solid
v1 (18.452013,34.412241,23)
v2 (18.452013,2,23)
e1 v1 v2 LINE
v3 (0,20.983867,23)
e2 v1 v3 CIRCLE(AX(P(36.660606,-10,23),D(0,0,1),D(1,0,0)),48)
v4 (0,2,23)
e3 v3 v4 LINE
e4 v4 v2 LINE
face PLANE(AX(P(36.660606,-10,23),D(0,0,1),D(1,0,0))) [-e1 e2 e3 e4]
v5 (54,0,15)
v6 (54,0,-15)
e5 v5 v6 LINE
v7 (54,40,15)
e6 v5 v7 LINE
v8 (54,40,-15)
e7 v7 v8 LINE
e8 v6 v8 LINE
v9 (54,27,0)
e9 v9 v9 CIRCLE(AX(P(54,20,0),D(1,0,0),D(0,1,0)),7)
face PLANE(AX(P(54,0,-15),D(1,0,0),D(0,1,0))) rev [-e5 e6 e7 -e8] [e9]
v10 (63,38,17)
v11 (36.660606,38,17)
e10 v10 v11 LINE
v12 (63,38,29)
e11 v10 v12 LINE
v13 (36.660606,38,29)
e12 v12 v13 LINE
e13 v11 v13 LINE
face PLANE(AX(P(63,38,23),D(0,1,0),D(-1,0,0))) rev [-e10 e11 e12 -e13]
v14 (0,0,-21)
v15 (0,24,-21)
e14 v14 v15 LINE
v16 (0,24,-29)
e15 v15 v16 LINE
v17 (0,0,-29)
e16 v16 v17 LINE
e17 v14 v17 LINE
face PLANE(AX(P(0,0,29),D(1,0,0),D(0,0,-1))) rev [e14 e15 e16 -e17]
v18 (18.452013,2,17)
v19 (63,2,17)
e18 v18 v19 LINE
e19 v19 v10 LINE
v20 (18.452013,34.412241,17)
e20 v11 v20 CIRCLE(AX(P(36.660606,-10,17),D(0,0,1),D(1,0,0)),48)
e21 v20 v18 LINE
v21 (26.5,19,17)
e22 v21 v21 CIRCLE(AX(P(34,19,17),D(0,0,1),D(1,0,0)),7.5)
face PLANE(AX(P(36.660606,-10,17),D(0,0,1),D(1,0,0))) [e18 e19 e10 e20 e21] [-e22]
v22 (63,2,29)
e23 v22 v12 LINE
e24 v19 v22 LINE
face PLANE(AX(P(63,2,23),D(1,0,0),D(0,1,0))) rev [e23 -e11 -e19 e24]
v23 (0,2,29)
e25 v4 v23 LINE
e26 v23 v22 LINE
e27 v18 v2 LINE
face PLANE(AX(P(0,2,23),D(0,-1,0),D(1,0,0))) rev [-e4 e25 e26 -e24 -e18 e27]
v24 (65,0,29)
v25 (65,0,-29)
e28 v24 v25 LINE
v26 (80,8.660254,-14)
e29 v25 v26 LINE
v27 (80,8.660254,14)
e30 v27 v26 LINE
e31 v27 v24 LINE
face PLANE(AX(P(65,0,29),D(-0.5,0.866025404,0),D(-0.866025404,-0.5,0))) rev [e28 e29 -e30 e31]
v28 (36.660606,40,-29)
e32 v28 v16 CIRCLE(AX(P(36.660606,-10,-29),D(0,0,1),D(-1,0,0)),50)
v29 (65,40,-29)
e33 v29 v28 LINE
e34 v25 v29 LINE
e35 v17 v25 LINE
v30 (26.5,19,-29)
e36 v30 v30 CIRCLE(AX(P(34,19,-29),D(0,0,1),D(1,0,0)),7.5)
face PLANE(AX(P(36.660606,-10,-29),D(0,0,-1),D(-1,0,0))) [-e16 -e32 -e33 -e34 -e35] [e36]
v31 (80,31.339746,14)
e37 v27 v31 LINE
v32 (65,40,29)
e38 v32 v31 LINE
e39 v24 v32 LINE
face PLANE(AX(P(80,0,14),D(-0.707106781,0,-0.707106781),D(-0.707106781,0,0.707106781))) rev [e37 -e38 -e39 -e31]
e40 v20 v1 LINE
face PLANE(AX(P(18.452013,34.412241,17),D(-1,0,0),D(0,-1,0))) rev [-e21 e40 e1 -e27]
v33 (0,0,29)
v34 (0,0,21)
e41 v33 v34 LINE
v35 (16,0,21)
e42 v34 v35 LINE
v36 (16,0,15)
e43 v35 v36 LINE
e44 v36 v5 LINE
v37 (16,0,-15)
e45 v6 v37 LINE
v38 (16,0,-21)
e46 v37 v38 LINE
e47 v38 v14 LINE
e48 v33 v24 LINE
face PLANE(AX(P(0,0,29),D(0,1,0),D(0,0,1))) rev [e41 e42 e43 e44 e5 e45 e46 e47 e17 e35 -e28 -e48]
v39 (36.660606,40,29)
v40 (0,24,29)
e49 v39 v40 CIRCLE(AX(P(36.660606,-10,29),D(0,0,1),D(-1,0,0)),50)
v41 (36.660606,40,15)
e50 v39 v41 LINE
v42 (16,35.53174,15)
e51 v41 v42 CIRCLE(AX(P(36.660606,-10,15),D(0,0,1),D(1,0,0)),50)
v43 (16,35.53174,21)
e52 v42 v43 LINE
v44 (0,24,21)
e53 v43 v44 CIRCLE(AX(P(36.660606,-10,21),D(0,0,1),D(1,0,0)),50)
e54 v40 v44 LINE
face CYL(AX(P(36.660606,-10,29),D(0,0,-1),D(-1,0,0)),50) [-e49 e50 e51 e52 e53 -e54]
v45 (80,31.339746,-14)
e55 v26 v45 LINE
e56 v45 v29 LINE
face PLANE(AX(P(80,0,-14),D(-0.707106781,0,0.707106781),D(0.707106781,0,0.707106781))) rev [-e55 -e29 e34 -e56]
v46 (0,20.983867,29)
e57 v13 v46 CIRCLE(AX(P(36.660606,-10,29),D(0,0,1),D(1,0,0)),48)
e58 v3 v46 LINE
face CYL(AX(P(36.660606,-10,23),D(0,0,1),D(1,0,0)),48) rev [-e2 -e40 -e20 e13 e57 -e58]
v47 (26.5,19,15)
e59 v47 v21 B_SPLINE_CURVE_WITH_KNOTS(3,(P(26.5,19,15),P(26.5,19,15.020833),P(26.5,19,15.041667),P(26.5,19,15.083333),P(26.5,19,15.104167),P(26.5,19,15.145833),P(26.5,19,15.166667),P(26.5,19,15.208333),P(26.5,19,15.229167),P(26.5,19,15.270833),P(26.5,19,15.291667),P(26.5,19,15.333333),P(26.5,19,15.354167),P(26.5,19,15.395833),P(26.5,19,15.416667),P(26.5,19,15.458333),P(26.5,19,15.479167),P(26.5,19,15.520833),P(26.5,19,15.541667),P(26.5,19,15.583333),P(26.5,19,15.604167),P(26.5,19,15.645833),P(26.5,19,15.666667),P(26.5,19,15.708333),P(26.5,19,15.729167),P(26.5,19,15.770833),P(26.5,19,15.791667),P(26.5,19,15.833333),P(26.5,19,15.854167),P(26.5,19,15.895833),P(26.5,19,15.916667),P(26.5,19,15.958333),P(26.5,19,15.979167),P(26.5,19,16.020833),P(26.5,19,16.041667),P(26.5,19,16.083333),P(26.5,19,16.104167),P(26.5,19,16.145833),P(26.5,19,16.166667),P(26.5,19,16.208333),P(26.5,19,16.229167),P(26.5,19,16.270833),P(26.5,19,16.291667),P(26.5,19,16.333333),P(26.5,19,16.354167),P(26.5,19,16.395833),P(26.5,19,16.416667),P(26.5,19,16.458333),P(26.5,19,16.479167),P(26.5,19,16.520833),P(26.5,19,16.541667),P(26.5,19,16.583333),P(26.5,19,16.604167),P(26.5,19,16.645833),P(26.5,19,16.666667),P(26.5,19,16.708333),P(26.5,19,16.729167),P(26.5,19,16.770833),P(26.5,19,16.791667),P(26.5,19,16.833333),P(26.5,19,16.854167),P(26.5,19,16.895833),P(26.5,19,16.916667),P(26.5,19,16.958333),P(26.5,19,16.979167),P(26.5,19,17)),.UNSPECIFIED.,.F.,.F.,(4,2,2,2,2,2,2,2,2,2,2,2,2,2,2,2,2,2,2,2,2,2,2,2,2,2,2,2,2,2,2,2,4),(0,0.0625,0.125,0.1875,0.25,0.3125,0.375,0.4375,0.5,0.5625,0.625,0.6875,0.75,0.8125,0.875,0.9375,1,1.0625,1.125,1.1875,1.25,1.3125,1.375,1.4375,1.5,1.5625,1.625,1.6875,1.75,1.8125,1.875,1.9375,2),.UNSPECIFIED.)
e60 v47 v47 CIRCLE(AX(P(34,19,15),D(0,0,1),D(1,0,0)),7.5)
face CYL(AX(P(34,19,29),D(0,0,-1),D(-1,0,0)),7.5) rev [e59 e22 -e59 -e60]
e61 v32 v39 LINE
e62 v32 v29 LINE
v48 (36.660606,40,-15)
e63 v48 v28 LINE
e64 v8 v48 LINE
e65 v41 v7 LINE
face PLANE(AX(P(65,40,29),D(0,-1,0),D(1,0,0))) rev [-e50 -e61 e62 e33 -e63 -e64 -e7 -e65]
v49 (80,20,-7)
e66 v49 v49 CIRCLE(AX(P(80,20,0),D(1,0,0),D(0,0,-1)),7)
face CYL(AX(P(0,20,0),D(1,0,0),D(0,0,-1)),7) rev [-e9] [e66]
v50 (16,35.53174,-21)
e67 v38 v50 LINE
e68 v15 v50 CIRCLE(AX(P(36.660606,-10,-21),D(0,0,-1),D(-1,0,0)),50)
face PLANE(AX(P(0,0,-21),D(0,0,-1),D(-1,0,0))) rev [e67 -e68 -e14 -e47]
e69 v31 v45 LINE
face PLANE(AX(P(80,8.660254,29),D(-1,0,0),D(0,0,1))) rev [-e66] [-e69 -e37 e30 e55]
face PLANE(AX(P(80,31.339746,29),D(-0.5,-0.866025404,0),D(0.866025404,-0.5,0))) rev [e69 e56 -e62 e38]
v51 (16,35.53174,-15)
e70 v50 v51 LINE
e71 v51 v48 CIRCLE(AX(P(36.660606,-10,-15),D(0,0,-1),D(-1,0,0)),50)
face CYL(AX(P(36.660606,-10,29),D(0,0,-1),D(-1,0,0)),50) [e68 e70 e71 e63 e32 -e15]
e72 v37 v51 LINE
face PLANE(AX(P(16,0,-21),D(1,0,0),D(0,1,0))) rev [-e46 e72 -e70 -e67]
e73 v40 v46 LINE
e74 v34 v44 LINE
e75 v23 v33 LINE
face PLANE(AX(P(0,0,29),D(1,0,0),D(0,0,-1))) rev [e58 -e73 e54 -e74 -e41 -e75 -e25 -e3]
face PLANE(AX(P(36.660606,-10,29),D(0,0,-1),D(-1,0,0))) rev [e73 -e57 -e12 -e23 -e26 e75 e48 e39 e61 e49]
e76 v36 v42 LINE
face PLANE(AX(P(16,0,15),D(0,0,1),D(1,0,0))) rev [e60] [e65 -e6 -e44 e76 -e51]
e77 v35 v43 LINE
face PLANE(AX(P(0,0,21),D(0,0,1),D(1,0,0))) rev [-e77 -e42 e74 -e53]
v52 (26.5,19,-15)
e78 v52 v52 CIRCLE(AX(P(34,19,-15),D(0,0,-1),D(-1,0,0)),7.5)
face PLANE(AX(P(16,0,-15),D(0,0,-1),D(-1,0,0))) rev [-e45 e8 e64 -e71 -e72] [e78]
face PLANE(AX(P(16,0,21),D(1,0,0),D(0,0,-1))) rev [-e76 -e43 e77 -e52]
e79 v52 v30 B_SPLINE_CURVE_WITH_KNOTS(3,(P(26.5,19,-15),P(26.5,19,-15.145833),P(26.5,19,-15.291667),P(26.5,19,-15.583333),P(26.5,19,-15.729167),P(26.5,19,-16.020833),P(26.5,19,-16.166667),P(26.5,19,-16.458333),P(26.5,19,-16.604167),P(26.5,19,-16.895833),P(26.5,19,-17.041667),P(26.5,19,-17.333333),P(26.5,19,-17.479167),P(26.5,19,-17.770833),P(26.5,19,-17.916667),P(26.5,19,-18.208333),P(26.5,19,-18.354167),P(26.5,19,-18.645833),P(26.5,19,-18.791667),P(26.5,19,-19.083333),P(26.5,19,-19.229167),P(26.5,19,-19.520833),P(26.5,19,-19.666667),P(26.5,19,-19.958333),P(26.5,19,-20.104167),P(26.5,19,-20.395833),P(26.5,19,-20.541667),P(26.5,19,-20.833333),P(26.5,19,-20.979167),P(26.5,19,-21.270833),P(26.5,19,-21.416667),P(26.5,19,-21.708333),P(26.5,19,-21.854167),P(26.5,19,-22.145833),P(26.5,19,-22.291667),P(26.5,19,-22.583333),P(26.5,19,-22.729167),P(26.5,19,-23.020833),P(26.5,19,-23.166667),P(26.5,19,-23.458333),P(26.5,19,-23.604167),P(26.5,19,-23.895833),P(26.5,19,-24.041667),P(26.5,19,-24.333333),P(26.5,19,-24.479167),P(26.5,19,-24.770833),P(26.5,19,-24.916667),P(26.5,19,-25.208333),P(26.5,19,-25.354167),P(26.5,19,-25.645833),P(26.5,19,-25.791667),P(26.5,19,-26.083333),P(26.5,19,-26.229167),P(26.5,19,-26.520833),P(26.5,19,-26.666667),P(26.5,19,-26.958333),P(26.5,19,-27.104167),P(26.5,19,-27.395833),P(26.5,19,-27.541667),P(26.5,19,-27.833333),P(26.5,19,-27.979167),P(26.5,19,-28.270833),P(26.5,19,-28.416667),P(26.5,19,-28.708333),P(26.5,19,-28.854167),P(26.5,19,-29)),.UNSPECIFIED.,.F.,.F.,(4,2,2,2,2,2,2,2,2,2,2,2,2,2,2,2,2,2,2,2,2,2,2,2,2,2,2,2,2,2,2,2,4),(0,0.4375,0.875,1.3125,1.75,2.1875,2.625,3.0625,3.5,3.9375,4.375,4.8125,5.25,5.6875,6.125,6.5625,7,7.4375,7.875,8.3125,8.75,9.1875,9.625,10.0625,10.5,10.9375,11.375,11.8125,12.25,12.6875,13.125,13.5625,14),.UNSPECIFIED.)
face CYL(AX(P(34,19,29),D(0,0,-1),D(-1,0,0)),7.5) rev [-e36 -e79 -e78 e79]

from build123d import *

# Parameters (mm, degrees)
SKETCH2_R           = 7.5
BOSS_EXTRUDE1_DEPTH = 29
CUT_EXTRUDE1_DEPTH  = 95.026591983
SKETCH4_R           = 7
CUT_EXTRUDE2_DEPTH  = 95.026591983
CUT_EXTRUDE5_DEPTH  = 6
CUT_EXTRUDE7_DEPTH  = 6


with BuildPart() as part:
    # Sketch2 → Boss-Extrude1 (new, symmetric)
    with BuildSketch(Plane.XY):
        with BuildLine():
            Line((0, 0), (0, 24))
            ThreePointArc((0, 24), (16.66060556, 35.82575695), (36.66060556, 40))
            Line((36.66060556, 40), (65, 40))
            Line((65, 40), (80, 31.339745962))
            Line((80, 31.339745962), (80, 8.660254038))
            Line((80, 8.660254038), (65, 0))
            Line((65, 0), (0, 0))
        make_face()
        with Locations(Location((34, 19, 0), (0, 0, 180))):
            Circle(SKETCH2_R, mode=Mode.SUBTRACT)
    extrude(amount=BOSS_EXTRUDE1_DEPTH, both=True)

    # Sketch3 → Cut-Extrude1 (cut, through all)
    with BuildSketch(Plane(origin=(0, 40, 0), x_dir=(1, 0, 0), z_dir=(0, 1, 0))):
        Polygon((65, 29), (80, 29), (80, 14), align=None)
        Polygon((0, 21), (16, 21), (16, 15), (54, 15), (54, -15), (16, -15), (16, -21), (0, -21), align=None)
        Polygon((80, -29), (80, -14), (65, -29), align=None)
    extrude(amount=-CUT_EXTRUDE1_DEPTH, mode=Mode.SUBTRACT)

    # Sketch4 → Cut-Extrude2 (cut, through all)
    with BuildSketch(Plane(origin=(80, 0, 0), x_dir=(0, 0, -1), z_dir=(1, 0, 0))):
        with Locations((0, 20)):
            Circle(SKETCH4_R)
    extrude(amount=-CUT_EXTRUDE2_DEPTH, mode=Mode.SUBTRACT)

    # Sketch5 → Cut-Extrude5 (cut)
    with BuildSketch(Plane.XY.offset(29)):
        with BuildLine():
            Line((0, 20.98386677), (0, 2))
            Line((0, 2), (63, 2))
            Line((63, 2), (63, 38))
            Line((63, 38), (36.66060556, 38))
            ThreePointArc((36.66060556, 38), (16.452013389, 33.538635744), (0, 20.98386677))
        make_face()
    extrude(amount=-CUT_EXTRUDE5_DEPTH, mode=Mode.SUBTRACT)

    # Sketch9 → Cut-Extrude7 (cut)
    with BuildSketch(Plane.XY.offset(23)):
        with BuildLine():
            Line((63, 2), (63, 38))
            Line((63, 38), (36.66060556, 38))
            ThreePointArc((36.66060556, 38), (27.381262347, 37.09451974), (18.452013389, 34.412241231))
            Line((18.452013389, 34.412241231), (18.452013389, 2))
            Line((18.452013389, 2), (63, 2))
        make_face()
    extrude(amount=-CUT_EXTRUDE7_DEPTH, mode=Mode.SUBTRACT)


solid = part.part
